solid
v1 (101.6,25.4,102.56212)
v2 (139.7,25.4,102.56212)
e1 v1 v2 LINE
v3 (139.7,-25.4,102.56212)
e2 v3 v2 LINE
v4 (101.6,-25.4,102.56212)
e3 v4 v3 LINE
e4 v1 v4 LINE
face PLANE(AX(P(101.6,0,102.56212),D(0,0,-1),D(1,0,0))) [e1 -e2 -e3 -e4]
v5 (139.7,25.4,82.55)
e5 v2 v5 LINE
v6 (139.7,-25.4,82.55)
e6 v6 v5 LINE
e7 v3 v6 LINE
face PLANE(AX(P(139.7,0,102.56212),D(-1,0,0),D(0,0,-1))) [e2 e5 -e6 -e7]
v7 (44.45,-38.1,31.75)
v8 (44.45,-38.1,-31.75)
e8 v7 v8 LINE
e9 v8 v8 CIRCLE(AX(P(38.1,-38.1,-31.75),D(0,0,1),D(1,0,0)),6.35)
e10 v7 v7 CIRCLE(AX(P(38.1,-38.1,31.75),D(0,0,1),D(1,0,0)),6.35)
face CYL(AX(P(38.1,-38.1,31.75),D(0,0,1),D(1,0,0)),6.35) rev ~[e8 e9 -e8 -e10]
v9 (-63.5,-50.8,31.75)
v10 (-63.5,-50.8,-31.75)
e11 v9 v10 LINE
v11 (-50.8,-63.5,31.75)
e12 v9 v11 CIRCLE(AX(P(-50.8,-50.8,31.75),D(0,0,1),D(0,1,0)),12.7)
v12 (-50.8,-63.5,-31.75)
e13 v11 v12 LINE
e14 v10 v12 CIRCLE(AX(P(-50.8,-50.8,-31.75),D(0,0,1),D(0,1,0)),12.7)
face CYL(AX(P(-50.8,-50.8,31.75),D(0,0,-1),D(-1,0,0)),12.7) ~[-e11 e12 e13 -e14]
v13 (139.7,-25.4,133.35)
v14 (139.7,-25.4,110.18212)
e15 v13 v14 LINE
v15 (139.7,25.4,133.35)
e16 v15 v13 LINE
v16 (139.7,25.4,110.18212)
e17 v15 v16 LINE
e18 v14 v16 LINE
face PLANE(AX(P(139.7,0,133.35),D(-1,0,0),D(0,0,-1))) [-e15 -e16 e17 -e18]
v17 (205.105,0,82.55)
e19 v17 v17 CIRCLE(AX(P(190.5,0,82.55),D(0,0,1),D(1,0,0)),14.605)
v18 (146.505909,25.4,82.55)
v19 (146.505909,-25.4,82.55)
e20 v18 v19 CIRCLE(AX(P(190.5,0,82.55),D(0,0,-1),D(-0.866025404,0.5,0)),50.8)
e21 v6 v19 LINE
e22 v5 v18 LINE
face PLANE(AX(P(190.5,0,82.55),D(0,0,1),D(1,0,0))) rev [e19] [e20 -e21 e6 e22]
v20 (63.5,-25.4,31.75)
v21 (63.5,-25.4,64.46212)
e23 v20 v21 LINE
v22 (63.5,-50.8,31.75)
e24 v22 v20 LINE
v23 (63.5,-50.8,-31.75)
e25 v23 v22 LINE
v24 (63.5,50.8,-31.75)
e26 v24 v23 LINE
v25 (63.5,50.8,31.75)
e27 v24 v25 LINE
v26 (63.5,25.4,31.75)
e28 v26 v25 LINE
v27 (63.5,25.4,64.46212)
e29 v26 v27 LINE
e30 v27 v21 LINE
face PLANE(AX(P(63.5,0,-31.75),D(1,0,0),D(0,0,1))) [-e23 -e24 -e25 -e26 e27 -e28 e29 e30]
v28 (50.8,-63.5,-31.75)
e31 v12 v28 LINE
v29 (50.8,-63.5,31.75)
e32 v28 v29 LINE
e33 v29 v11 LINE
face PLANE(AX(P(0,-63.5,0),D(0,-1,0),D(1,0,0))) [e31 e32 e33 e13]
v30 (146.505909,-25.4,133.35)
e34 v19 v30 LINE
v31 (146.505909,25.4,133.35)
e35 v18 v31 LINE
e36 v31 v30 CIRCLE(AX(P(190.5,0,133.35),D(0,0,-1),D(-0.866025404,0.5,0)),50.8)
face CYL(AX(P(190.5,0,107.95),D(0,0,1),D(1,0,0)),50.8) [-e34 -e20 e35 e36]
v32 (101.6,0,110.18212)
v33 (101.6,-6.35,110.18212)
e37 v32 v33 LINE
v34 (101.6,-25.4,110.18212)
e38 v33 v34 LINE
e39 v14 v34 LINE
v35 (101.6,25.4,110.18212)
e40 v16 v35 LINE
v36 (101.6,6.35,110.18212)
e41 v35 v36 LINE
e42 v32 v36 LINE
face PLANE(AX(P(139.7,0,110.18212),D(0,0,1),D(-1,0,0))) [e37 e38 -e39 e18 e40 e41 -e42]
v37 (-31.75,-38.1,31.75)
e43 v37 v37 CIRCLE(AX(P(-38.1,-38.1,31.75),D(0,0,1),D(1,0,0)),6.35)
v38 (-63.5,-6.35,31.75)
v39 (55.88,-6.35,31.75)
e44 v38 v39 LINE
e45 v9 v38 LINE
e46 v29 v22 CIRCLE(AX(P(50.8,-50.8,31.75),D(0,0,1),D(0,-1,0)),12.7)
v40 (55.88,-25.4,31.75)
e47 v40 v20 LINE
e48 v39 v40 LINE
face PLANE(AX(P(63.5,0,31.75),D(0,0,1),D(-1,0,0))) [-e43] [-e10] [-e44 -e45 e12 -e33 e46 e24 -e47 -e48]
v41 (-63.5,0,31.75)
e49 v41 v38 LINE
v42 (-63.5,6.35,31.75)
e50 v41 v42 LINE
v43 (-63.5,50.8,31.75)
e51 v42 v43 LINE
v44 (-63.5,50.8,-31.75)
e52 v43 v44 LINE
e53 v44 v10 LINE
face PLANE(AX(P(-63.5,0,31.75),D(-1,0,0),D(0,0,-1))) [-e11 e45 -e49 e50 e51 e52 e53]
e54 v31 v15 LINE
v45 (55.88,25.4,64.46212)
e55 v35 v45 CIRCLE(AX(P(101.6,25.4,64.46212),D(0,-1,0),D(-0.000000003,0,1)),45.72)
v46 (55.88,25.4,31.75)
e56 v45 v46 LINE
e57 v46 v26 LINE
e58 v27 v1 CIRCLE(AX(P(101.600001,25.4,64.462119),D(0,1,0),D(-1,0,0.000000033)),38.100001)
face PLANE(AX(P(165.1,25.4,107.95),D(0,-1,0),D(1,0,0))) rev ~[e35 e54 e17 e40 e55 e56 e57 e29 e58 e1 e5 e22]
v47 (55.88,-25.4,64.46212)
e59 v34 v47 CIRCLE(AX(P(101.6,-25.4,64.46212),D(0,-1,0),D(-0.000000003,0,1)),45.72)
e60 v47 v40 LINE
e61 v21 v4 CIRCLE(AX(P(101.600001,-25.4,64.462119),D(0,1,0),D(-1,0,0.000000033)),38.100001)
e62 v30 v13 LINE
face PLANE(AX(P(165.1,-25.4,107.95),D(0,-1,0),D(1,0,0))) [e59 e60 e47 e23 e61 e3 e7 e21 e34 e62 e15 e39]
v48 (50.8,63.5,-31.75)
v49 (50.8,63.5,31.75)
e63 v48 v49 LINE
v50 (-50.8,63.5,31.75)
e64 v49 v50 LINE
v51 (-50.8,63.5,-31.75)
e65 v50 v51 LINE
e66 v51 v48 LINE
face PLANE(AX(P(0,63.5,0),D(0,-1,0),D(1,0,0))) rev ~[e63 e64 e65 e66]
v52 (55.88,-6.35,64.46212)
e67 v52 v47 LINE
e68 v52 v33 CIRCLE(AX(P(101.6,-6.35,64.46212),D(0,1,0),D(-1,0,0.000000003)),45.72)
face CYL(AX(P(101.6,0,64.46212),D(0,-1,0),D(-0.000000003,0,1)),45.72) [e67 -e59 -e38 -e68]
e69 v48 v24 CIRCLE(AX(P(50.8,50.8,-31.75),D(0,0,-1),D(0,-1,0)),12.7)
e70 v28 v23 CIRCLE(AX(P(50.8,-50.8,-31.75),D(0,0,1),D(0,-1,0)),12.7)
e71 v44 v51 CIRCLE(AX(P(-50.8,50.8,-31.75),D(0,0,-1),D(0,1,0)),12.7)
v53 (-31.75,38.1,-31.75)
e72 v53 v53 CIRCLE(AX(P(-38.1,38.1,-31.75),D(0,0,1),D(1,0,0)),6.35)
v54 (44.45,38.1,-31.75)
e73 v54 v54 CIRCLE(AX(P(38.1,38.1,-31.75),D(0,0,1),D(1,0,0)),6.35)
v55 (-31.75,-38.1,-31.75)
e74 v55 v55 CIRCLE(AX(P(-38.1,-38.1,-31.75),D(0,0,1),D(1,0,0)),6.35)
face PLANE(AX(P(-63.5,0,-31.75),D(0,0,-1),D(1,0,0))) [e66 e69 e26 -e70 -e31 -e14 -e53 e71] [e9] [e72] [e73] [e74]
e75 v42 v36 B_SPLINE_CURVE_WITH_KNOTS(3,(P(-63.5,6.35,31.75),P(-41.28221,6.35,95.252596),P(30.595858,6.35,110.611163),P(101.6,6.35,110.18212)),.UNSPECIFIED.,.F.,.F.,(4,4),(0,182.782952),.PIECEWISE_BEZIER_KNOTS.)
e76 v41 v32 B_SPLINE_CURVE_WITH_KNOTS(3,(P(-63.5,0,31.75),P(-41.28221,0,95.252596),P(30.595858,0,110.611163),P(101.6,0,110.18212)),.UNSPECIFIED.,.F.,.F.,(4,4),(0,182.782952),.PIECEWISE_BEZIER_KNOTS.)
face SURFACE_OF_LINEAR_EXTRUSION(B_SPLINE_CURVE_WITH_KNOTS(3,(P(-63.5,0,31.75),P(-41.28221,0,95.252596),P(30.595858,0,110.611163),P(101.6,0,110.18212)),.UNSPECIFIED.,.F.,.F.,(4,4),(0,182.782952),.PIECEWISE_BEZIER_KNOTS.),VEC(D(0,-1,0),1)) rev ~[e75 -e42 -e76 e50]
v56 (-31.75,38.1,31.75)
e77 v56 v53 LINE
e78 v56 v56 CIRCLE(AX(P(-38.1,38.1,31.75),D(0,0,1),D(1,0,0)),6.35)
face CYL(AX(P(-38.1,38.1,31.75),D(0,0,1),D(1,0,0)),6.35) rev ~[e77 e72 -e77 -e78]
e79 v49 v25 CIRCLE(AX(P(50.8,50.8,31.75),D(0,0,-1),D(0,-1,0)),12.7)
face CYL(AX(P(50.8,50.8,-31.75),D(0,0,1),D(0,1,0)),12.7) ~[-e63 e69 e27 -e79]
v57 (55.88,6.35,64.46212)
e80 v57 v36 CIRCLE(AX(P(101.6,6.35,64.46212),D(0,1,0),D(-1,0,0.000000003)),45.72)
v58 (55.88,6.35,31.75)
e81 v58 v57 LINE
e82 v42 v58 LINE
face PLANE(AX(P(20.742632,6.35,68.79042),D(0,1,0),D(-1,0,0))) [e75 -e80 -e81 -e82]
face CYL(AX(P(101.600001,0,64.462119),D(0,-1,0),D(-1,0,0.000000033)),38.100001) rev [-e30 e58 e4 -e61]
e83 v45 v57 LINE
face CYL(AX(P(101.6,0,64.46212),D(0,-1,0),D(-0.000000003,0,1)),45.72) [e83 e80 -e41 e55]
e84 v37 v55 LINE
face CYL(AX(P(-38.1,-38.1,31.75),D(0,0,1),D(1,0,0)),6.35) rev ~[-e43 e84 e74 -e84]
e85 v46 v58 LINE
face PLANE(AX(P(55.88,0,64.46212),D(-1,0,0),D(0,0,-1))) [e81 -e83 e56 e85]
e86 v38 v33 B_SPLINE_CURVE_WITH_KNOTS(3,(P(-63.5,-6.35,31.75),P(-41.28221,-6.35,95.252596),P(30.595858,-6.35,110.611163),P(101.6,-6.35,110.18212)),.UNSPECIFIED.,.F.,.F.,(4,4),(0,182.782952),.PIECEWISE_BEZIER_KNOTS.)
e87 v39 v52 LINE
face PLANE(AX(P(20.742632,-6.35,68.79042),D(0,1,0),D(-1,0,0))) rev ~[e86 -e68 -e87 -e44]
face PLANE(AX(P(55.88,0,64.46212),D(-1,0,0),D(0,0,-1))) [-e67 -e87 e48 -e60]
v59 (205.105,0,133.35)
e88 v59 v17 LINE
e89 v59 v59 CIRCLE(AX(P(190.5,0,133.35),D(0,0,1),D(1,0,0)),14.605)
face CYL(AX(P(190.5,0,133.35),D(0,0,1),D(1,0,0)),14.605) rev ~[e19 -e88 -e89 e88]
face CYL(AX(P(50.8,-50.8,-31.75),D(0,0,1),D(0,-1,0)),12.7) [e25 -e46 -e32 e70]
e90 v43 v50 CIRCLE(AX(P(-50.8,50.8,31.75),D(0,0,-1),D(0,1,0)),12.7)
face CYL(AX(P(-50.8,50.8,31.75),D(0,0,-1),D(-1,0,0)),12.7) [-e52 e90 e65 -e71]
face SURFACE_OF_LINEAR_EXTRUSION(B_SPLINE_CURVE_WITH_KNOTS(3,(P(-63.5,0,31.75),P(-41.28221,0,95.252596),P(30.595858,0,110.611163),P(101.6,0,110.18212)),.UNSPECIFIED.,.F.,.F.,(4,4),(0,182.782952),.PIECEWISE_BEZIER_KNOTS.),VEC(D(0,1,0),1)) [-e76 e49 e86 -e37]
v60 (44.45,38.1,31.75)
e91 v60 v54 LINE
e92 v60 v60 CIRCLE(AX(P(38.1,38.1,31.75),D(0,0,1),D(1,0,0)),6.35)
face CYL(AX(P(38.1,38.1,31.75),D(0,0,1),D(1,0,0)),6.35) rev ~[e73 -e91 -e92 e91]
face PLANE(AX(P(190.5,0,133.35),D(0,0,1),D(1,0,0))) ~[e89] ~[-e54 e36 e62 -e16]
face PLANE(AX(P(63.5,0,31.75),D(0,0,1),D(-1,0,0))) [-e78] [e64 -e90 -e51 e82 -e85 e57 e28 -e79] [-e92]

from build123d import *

# Parameters (mm, degrees)
F1_DEPTH = 63.5
F2_DEPTH = 25.4
F3_DEPTH = 6.35
F0_W     = 50.8
F0_H     = 50.8
F5_R     = 12.7
F6_R     = 14.605
F7_DEPTH = 165.101
F8_R     = 6.35
F9_DEPTH = 63.501


with BuildPart() as f1:
    # F0 (on Front) → F1 (new body, symmetric)
    with BuildSketch(Plane.XZ):
        Polygon((55.88, 31.75), (-63.5, 31.75), (-63.5, -31.75), (63.5, -31.75), (63.5, 31.75), align=None)
    extrude(amount=F1_DEPTH, both=True)

    # F0 (on Front) → F2 (join, symmetric)
    with BuildSketch(Plane.XZ):
        Polygon((139.7, 133.35), (139.7, 110.18212), (139.7, 102.56212), (139.7, 82.55), (190.5, 82.55), (190.5, 133.35), align=None)
        with BuildLine():
            Line((55.88, 64.46212), (55.88, 31.75))
            Line((55.88, 31.75), (63.5, 31.75))
            Line((63.5, 31.75), (63.5, 64.46212))
            ThreePointArc((63.5, 64.46212), (74.659232, 91.402888), (101.6, 102.56212))
            Line((101.6, 102.56212), (139.7, 102.56212))
            Line((139.7, 102.56212), (139.7, 110.18212))
            Line((139.7, 110.18212), (101.6, 110.18212))
            ThreePointArc((101.6, 110.18212), (69.271078, 96.791042), (55.88, 64.46212))
        make_face()
    extrude(amount=F2_DEPTH, both=True)

    # F0 (on Front) → F3 (join, symmetric)
    with BuildSketch(Plane.XZ):
        with BuildLine():
            add(Edge.make_bspline(
                [(-63.5, 31.75), (-41.28221, 95.252596), (30.595858, 110.611163), (101.6, 110.18212)],
                knots=[0, 0, 0, 0, 182.782952, 182.782952, 182.782952, 182.782952], degree=3))
            Line((-63.5, 31.75), (55.88, 31.75))
            Line((55.88, 31.75), (55.88, 64.46212))
            ThreePointArc((55.88, 64.46212), (69.271078, 96.791042), (101.6, 110.18212))
        make_face()
    extrude(amount=F3_DEPTH, both=True)

    # F0 (on Front) → F4 (revolve)
    with BuildSketch(Plane.XZ):
        with Locations((215.9, 107.95)):
            Rectangle(F0_W, F0_H)
    revolve(axis=Axis((190.5, 0, 107.95), (0, 0, 1)))

    # F5
    f5_edges = [f1.edges().sort_by_distance(p)[0] for p in [
        (63.5, -63.5, 0),
        (-63.5, -63.5, 0),
        (-63.5, 63.5, 0),
        (63.5, 63.5, 0),
    ]]
    fillet(f5_edges, radius=F5_R)

    # F6 (on face) → F7 (cut, through all)
    with BuildSketch(Plane.XY.offset(133.35)):
        with Locations((190.5, 0)):
            Circle(F6_R)
    extrude(amount=-F7_DEPTH, mode=Mode.SUBTRACT)

    # F8 (on face) → F9 (cut, through all)
    with BuildSketch(Plane.XY.offset(31.75)):
        with Locations((-38.1, -38.1)):
            Circle(F8_R)
        with Locations((38.1, -38.1)):
            Circle(F8_R)
        with Locations((38.1, 38.1)):
            Circle(F8_R)
        with Locations((-38.1, 38.1)):
            Circle(F8_R)
    extrude(amount=-F9_DEPTH, mode=Mode.SUBTRACT)


solid = f1.part
